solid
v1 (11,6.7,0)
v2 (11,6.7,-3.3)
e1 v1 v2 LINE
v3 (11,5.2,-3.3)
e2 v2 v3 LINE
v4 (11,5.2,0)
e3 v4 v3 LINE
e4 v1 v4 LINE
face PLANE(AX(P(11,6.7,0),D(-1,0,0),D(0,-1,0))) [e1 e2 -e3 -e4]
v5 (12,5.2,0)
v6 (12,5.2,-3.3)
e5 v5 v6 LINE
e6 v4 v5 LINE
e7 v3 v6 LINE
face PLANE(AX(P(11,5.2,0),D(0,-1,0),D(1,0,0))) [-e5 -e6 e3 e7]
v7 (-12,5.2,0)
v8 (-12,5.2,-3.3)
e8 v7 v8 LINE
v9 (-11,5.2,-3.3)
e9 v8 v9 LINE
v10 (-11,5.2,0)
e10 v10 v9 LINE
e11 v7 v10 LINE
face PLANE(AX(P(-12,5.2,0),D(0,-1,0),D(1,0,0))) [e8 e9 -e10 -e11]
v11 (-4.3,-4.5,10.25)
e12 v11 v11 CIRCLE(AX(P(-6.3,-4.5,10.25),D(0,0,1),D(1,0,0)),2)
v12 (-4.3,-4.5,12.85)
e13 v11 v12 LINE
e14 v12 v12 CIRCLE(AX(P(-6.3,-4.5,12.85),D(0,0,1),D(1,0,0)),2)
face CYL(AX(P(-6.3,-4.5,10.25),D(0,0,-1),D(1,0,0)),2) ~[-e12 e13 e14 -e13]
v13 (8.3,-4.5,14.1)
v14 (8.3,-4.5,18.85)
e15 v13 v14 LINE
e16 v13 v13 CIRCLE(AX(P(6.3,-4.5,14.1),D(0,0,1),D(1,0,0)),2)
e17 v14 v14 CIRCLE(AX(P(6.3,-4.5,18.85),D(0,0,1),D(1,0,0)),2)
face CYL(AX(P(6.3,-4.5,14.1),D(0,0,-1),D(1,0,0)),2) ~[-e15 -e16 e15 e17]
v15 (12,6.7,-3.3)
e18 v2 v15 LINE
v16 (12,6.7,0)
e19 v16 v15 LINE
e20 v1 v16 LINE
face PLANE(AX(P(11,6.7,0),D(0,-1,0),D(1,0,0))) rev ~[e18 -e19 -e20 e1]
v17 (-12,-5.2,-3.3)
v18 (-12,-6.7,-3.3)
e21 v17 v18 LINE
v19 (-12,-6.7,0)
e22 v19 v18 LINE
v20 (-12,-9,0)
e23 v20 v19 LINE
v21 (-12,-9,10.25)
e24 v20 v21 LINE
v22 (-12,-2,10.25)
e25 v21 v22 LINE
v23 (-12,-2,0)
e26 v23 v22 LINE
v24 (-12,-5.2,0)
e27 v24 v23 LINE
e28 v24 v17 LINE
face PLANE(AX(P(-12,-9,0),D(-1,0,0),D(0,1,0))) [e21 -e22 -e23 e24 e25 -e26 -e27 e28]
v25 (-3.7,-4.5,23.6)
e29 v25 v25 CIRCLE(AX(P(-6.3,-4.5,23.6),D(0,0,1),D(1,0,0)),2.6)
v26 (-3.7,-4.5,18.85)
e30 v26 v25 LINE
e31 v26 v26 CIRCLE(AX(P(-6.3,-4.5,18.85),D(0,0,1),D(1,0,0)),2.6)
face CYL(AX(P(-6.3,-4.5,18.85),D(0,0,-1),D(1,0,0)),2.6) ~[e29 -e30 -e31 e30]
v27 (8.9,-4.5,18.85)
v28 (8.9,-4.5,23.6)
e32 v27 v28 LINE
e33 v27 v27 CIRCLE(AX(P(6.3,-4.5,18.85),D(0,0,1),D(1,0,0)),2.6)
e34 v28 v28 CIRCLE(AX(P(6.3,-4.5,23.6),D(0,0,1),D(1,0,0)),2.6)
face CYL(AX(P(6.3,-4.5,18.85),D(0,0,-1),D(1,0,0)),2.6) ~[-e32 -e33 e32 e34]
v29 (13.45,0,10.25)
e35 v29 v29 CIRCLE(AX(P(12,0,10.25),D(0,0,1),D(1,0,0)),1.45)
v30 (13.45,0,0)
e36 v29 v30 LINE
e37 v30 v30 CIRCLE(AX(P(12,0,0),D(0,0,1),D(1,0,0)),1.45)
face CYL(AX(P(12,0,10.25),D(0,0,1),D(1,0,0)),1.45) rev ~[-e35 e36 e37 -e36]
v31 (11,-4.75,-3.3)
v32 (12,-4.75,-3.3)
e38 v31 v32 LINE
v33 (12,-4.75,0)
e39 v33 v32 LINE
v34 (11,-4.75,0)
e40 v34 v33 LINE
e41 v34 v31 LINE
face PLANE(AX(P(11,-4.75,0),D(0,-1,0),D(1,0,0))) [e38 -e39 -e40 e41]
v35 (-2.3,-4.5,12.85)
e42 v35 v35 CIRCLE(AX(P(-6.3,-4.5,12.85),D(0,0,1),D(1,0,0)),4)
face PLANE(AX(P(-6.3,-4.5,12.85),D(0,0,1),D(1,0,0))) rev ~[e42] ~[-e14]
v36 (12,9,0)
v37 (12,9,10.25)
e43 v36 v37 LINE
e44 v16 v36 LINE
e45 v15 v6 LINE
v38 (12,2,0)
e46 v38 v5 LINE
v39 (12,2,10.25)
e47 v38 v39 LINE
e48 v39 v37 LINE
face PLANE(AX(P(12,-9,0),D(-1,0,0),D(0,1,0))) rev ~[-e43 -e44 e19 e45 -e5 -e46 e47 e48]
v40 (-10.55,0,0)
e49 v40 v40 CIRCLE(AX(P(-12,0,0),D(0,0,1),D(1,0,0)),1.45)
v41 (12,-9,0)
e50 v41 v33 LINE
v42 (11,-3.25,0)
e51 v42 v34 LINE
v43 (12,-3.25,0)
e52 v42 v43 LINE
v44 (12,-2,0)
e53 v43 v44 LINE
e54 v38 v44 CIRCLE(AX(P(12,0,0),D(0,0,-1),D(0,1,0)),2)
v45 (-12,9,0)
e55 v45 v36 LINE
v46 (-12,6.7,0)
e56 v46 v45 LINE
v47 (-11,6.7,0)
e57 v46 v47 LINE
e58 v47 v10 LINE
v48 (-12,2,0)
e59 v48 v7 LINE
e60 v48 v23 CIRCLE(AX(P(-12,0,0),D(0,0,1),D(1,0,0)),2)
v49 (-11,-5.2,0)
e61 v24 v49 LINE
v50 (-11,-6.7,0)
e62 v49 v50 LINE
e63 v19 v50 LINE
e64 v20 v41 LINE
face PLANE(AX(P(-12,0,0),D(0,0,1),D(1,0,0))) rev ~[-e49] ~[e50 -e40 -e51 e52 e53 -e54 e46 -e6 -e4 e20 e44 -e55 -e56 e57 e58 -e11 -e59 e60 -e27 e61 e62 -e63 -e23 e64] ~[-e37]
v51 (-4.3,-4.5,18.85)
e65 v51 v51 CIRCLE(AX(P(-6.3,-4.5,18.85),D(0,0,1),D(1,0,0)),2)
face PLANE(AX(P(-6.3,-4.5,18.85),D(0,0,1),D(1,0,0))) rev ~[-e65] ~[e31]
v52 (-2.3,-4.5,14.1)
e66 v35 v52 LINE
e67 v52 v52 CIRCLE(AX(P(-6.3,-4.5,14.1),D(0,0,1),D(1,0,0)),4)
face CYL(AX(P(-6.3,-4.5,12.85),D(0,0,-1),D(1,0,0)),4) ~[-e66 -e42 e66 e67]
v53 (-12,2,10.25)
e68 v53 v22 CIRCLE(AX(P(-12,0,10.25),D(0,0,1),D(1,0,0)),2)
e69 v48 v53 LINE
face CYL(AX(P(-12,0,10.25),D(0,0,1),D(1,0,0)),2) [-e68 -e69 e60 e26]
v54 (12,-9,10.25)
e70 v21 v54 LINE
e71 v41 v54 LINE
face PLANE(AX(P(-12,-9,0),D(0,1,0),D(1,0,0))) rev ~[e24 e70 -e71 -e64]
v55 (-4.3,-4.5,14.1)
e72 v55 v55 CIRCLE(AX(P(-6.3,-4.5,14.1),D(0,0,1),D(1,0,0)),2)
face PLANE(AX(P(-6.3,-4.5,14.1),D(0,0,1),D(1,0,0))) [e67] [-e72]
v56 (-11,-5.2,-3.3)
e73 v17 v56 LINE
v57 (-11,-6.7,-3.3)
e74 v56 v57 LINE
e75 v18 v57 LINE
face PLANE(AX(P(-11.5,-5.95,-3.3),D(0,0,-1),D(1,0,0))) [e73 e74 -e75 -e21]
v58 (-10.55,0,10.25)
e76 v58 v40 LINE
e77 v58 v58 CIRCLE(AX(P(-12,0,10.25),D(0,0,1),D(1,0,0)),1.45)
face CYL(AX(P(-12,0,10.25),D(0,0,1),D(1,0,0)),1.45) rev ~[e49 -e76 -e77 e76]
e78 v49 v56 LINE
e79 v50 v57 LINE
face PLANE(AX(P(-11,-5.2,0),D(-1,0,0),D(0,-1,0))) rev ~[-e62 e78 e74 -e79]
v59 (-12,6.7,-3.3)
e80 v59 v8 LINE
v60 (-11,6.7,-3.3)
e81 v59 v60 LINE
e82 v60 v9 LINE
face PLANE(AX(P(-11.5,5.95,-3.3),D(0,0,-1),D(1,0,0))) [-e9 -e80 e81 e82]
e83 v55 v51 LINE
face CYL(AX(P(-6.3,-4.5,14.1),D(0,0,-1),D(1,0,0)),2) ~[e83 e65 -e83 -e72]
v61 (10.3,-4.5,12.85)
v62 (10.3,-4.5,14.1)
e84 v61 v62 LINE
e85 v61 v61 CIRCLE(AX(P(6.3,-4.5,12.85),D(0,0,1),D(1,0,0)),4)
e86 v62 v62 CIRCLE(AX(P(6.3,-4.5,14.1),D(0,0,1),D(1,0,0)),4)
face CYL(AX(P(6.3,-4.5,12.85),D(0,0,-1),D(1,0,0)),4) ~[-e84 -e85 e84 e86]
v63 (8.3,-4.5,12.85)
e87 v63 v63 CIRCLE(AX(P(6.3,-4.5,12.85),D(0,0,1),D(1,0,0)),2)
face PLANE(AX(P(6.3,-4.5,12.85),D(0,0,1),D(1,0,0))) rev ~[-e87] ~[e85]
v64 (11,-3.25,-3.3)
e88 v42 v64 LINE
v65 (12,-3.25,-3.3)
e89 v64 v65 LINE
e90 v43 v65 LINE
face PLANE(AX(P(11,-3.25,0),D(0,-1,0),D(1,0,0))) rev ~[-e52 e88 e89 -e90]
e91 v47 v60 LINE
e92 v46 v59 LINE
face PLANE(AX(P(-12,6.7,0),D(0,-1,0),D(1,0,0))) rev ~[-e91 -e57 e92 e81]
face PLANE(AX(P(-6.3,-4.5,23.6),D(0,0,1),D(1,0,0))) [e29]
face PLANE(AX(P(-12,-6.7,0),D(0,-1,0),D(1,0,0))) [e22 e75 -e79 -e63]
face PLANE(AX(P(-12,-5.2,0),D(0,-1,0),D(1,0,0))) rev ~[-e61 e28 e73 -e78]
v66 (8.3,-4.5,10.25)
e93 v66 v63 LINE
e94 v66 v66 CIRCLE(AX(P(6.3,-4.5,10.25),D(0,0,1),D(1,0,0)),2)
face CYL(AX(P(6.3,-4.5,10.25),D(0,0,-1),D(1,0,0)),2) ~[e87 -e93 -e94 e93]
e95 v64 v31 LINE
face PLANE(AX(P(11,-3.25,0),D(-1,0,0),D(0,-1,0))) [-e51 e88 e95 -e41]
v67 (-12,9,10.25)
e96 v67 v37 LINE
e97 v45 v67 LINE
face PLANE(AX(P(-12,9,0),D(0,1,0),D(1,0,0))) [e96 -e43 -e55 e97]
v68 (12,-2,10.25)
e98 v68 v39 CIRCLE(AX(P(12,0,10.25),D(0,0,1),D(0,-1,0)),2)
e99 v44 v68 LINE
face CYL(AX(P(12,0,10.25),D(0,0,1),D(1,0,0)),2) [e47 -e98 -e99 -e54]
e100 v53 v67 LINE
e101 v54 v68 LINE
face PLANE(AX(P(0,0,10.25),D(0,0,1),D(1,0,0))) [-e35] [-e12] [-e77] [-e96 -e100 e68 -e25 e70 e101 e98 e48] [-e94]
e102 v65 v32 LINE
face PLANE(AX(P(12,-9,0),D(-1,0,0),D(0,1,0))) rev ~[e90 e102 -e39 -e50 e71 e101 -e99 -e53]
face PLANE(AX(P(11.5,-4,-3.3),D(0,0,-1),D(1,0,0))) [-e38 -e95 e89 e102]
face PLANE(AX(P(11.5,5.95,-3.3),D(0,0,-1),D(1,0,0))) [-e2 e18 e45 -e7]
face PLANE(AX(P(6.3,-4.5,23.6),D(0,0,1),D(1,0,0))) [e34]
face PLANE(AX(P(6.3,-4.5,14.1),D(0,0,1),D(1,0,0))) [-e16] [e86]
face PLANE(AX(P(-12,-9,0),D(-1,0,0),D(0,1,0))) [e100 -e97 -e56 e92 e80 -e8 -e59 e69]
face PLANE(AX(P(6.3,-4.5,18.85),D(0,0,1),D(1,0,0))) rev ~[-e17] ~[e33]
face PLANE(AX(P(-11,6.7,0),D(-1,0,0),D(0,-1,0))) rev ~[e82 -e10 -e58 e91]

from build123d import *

# Parameters (mm, degrees)
F0_W      = 24
F0_H      = 18
F1_DEPTH  = 10.25
F2_R      = 2
F3_DEPTH  = 2.6
F4_R      = 4
F4_R_2    = 2
F5_DEPTH  = 1.25
F6_R      = 2
F7_DEPTH  = 4.75
F8_R      = 2.6
F9_DEPTH  = 4.75
F10_R     = 2
F11_DEPTH = 10.25
F12_R     = 1.45
F13_DEPTH = 25
F14_W     = 1
F14_H     = 1.5
F15_DEPTH = 3.3


with BuildPart() as f1:
    # F0 (on Top) → F1 (new body)
    with BuildSketch(Plane.XY):
        Rectangle(F0_W, F0_H)
    extrude(amount=F1_DEPTH)

    # F2 (on face) → F3 (join)
    with BuildSketch(Plane.XY.offset(10.25)):
        with Locations((-6.3, -4.5)):
            Circle(F2_R)
        with Locations((6.3, -4.5)):
            Circle(F2_R)
    extrude(amount=F3_DEPTH)

    # F4 (on face) → F5 (join)
    with BuildSketch(Plane.XY.offset(12.85)):
        with Locations((-6.3, -4.5)):
            Circle(F4_R)
        with Locations((-6.3, -4.5)):
            Circle(F4_R_2, mode=Mode.SUBTRACT)
        with Locations((6.3, -4.5)):
            Circle(F4_R)
        with Locations((-6.3, -4.5)):
            Circle(F4_R_2)
    extrude(amount=F5_DEPTH)

    # F6 (on face) → F7 (join)
    with BuildSketch(Plane.XY.offset(14.1)):
        with Locations((6.3, -4.5)):
            Circle(F6_R)
        with Locations((-6.3, -4.5)):
            Circle(F6_R)
    extrude(amount=F7_DEPTH)

    # F8 (on face) → F9 (join)
    with BuildSketch(Plane.XY.offset(18.85)):
        with Locations((-6.3, -4.5)):
            Circle(F8_R)
        with Locations((6.3, -4.5)):
            Circle(F8_R)
    extrude(amount=F9_DEPTH)

    # F10 (on face) → F11 (join)
    with BuildSketch(Plane.XY.offset(10.25)):
        with Locations((-12, 0)):
            Circle(F10_R)
        with Locations((12, 0)):
            Circle(F10_R)
    extrude(amount=-F11_DEPTH)

    # F12 (on face) → F13 (cut)
    with BuildSketch(Plane.XY.offset(10.25)):
        with Locations((-12, 0)):
            Circle(F12_R)
        with Locations((12, 0)):
            Circle(F12_R)
    extrude(amount=-F13_DEPTH, mode=Mode.SUBTRACT)

    # F14 (on face) → F15 (join)
    with BuildSketch(Plane(origin=(0, 0, 0), x_dir=(1, 0, 0), z_dir=(0, 0, -1))):
        with Locations((-11.5, 5.95)):
            Rectangle(F14_W, F14_H)
        with Locations((-11.5, -5.95)):
            Rectangle(F14_W, F14_H)
        with Locations((11.5, -5.95)):
            Rectangle(F14_W, F14_H)
        with Locations((11.5, 4)):
            Rectangle(F14_W, F14_H)
    extrude(amount=F15_DEPTH)


solid = f1.part
